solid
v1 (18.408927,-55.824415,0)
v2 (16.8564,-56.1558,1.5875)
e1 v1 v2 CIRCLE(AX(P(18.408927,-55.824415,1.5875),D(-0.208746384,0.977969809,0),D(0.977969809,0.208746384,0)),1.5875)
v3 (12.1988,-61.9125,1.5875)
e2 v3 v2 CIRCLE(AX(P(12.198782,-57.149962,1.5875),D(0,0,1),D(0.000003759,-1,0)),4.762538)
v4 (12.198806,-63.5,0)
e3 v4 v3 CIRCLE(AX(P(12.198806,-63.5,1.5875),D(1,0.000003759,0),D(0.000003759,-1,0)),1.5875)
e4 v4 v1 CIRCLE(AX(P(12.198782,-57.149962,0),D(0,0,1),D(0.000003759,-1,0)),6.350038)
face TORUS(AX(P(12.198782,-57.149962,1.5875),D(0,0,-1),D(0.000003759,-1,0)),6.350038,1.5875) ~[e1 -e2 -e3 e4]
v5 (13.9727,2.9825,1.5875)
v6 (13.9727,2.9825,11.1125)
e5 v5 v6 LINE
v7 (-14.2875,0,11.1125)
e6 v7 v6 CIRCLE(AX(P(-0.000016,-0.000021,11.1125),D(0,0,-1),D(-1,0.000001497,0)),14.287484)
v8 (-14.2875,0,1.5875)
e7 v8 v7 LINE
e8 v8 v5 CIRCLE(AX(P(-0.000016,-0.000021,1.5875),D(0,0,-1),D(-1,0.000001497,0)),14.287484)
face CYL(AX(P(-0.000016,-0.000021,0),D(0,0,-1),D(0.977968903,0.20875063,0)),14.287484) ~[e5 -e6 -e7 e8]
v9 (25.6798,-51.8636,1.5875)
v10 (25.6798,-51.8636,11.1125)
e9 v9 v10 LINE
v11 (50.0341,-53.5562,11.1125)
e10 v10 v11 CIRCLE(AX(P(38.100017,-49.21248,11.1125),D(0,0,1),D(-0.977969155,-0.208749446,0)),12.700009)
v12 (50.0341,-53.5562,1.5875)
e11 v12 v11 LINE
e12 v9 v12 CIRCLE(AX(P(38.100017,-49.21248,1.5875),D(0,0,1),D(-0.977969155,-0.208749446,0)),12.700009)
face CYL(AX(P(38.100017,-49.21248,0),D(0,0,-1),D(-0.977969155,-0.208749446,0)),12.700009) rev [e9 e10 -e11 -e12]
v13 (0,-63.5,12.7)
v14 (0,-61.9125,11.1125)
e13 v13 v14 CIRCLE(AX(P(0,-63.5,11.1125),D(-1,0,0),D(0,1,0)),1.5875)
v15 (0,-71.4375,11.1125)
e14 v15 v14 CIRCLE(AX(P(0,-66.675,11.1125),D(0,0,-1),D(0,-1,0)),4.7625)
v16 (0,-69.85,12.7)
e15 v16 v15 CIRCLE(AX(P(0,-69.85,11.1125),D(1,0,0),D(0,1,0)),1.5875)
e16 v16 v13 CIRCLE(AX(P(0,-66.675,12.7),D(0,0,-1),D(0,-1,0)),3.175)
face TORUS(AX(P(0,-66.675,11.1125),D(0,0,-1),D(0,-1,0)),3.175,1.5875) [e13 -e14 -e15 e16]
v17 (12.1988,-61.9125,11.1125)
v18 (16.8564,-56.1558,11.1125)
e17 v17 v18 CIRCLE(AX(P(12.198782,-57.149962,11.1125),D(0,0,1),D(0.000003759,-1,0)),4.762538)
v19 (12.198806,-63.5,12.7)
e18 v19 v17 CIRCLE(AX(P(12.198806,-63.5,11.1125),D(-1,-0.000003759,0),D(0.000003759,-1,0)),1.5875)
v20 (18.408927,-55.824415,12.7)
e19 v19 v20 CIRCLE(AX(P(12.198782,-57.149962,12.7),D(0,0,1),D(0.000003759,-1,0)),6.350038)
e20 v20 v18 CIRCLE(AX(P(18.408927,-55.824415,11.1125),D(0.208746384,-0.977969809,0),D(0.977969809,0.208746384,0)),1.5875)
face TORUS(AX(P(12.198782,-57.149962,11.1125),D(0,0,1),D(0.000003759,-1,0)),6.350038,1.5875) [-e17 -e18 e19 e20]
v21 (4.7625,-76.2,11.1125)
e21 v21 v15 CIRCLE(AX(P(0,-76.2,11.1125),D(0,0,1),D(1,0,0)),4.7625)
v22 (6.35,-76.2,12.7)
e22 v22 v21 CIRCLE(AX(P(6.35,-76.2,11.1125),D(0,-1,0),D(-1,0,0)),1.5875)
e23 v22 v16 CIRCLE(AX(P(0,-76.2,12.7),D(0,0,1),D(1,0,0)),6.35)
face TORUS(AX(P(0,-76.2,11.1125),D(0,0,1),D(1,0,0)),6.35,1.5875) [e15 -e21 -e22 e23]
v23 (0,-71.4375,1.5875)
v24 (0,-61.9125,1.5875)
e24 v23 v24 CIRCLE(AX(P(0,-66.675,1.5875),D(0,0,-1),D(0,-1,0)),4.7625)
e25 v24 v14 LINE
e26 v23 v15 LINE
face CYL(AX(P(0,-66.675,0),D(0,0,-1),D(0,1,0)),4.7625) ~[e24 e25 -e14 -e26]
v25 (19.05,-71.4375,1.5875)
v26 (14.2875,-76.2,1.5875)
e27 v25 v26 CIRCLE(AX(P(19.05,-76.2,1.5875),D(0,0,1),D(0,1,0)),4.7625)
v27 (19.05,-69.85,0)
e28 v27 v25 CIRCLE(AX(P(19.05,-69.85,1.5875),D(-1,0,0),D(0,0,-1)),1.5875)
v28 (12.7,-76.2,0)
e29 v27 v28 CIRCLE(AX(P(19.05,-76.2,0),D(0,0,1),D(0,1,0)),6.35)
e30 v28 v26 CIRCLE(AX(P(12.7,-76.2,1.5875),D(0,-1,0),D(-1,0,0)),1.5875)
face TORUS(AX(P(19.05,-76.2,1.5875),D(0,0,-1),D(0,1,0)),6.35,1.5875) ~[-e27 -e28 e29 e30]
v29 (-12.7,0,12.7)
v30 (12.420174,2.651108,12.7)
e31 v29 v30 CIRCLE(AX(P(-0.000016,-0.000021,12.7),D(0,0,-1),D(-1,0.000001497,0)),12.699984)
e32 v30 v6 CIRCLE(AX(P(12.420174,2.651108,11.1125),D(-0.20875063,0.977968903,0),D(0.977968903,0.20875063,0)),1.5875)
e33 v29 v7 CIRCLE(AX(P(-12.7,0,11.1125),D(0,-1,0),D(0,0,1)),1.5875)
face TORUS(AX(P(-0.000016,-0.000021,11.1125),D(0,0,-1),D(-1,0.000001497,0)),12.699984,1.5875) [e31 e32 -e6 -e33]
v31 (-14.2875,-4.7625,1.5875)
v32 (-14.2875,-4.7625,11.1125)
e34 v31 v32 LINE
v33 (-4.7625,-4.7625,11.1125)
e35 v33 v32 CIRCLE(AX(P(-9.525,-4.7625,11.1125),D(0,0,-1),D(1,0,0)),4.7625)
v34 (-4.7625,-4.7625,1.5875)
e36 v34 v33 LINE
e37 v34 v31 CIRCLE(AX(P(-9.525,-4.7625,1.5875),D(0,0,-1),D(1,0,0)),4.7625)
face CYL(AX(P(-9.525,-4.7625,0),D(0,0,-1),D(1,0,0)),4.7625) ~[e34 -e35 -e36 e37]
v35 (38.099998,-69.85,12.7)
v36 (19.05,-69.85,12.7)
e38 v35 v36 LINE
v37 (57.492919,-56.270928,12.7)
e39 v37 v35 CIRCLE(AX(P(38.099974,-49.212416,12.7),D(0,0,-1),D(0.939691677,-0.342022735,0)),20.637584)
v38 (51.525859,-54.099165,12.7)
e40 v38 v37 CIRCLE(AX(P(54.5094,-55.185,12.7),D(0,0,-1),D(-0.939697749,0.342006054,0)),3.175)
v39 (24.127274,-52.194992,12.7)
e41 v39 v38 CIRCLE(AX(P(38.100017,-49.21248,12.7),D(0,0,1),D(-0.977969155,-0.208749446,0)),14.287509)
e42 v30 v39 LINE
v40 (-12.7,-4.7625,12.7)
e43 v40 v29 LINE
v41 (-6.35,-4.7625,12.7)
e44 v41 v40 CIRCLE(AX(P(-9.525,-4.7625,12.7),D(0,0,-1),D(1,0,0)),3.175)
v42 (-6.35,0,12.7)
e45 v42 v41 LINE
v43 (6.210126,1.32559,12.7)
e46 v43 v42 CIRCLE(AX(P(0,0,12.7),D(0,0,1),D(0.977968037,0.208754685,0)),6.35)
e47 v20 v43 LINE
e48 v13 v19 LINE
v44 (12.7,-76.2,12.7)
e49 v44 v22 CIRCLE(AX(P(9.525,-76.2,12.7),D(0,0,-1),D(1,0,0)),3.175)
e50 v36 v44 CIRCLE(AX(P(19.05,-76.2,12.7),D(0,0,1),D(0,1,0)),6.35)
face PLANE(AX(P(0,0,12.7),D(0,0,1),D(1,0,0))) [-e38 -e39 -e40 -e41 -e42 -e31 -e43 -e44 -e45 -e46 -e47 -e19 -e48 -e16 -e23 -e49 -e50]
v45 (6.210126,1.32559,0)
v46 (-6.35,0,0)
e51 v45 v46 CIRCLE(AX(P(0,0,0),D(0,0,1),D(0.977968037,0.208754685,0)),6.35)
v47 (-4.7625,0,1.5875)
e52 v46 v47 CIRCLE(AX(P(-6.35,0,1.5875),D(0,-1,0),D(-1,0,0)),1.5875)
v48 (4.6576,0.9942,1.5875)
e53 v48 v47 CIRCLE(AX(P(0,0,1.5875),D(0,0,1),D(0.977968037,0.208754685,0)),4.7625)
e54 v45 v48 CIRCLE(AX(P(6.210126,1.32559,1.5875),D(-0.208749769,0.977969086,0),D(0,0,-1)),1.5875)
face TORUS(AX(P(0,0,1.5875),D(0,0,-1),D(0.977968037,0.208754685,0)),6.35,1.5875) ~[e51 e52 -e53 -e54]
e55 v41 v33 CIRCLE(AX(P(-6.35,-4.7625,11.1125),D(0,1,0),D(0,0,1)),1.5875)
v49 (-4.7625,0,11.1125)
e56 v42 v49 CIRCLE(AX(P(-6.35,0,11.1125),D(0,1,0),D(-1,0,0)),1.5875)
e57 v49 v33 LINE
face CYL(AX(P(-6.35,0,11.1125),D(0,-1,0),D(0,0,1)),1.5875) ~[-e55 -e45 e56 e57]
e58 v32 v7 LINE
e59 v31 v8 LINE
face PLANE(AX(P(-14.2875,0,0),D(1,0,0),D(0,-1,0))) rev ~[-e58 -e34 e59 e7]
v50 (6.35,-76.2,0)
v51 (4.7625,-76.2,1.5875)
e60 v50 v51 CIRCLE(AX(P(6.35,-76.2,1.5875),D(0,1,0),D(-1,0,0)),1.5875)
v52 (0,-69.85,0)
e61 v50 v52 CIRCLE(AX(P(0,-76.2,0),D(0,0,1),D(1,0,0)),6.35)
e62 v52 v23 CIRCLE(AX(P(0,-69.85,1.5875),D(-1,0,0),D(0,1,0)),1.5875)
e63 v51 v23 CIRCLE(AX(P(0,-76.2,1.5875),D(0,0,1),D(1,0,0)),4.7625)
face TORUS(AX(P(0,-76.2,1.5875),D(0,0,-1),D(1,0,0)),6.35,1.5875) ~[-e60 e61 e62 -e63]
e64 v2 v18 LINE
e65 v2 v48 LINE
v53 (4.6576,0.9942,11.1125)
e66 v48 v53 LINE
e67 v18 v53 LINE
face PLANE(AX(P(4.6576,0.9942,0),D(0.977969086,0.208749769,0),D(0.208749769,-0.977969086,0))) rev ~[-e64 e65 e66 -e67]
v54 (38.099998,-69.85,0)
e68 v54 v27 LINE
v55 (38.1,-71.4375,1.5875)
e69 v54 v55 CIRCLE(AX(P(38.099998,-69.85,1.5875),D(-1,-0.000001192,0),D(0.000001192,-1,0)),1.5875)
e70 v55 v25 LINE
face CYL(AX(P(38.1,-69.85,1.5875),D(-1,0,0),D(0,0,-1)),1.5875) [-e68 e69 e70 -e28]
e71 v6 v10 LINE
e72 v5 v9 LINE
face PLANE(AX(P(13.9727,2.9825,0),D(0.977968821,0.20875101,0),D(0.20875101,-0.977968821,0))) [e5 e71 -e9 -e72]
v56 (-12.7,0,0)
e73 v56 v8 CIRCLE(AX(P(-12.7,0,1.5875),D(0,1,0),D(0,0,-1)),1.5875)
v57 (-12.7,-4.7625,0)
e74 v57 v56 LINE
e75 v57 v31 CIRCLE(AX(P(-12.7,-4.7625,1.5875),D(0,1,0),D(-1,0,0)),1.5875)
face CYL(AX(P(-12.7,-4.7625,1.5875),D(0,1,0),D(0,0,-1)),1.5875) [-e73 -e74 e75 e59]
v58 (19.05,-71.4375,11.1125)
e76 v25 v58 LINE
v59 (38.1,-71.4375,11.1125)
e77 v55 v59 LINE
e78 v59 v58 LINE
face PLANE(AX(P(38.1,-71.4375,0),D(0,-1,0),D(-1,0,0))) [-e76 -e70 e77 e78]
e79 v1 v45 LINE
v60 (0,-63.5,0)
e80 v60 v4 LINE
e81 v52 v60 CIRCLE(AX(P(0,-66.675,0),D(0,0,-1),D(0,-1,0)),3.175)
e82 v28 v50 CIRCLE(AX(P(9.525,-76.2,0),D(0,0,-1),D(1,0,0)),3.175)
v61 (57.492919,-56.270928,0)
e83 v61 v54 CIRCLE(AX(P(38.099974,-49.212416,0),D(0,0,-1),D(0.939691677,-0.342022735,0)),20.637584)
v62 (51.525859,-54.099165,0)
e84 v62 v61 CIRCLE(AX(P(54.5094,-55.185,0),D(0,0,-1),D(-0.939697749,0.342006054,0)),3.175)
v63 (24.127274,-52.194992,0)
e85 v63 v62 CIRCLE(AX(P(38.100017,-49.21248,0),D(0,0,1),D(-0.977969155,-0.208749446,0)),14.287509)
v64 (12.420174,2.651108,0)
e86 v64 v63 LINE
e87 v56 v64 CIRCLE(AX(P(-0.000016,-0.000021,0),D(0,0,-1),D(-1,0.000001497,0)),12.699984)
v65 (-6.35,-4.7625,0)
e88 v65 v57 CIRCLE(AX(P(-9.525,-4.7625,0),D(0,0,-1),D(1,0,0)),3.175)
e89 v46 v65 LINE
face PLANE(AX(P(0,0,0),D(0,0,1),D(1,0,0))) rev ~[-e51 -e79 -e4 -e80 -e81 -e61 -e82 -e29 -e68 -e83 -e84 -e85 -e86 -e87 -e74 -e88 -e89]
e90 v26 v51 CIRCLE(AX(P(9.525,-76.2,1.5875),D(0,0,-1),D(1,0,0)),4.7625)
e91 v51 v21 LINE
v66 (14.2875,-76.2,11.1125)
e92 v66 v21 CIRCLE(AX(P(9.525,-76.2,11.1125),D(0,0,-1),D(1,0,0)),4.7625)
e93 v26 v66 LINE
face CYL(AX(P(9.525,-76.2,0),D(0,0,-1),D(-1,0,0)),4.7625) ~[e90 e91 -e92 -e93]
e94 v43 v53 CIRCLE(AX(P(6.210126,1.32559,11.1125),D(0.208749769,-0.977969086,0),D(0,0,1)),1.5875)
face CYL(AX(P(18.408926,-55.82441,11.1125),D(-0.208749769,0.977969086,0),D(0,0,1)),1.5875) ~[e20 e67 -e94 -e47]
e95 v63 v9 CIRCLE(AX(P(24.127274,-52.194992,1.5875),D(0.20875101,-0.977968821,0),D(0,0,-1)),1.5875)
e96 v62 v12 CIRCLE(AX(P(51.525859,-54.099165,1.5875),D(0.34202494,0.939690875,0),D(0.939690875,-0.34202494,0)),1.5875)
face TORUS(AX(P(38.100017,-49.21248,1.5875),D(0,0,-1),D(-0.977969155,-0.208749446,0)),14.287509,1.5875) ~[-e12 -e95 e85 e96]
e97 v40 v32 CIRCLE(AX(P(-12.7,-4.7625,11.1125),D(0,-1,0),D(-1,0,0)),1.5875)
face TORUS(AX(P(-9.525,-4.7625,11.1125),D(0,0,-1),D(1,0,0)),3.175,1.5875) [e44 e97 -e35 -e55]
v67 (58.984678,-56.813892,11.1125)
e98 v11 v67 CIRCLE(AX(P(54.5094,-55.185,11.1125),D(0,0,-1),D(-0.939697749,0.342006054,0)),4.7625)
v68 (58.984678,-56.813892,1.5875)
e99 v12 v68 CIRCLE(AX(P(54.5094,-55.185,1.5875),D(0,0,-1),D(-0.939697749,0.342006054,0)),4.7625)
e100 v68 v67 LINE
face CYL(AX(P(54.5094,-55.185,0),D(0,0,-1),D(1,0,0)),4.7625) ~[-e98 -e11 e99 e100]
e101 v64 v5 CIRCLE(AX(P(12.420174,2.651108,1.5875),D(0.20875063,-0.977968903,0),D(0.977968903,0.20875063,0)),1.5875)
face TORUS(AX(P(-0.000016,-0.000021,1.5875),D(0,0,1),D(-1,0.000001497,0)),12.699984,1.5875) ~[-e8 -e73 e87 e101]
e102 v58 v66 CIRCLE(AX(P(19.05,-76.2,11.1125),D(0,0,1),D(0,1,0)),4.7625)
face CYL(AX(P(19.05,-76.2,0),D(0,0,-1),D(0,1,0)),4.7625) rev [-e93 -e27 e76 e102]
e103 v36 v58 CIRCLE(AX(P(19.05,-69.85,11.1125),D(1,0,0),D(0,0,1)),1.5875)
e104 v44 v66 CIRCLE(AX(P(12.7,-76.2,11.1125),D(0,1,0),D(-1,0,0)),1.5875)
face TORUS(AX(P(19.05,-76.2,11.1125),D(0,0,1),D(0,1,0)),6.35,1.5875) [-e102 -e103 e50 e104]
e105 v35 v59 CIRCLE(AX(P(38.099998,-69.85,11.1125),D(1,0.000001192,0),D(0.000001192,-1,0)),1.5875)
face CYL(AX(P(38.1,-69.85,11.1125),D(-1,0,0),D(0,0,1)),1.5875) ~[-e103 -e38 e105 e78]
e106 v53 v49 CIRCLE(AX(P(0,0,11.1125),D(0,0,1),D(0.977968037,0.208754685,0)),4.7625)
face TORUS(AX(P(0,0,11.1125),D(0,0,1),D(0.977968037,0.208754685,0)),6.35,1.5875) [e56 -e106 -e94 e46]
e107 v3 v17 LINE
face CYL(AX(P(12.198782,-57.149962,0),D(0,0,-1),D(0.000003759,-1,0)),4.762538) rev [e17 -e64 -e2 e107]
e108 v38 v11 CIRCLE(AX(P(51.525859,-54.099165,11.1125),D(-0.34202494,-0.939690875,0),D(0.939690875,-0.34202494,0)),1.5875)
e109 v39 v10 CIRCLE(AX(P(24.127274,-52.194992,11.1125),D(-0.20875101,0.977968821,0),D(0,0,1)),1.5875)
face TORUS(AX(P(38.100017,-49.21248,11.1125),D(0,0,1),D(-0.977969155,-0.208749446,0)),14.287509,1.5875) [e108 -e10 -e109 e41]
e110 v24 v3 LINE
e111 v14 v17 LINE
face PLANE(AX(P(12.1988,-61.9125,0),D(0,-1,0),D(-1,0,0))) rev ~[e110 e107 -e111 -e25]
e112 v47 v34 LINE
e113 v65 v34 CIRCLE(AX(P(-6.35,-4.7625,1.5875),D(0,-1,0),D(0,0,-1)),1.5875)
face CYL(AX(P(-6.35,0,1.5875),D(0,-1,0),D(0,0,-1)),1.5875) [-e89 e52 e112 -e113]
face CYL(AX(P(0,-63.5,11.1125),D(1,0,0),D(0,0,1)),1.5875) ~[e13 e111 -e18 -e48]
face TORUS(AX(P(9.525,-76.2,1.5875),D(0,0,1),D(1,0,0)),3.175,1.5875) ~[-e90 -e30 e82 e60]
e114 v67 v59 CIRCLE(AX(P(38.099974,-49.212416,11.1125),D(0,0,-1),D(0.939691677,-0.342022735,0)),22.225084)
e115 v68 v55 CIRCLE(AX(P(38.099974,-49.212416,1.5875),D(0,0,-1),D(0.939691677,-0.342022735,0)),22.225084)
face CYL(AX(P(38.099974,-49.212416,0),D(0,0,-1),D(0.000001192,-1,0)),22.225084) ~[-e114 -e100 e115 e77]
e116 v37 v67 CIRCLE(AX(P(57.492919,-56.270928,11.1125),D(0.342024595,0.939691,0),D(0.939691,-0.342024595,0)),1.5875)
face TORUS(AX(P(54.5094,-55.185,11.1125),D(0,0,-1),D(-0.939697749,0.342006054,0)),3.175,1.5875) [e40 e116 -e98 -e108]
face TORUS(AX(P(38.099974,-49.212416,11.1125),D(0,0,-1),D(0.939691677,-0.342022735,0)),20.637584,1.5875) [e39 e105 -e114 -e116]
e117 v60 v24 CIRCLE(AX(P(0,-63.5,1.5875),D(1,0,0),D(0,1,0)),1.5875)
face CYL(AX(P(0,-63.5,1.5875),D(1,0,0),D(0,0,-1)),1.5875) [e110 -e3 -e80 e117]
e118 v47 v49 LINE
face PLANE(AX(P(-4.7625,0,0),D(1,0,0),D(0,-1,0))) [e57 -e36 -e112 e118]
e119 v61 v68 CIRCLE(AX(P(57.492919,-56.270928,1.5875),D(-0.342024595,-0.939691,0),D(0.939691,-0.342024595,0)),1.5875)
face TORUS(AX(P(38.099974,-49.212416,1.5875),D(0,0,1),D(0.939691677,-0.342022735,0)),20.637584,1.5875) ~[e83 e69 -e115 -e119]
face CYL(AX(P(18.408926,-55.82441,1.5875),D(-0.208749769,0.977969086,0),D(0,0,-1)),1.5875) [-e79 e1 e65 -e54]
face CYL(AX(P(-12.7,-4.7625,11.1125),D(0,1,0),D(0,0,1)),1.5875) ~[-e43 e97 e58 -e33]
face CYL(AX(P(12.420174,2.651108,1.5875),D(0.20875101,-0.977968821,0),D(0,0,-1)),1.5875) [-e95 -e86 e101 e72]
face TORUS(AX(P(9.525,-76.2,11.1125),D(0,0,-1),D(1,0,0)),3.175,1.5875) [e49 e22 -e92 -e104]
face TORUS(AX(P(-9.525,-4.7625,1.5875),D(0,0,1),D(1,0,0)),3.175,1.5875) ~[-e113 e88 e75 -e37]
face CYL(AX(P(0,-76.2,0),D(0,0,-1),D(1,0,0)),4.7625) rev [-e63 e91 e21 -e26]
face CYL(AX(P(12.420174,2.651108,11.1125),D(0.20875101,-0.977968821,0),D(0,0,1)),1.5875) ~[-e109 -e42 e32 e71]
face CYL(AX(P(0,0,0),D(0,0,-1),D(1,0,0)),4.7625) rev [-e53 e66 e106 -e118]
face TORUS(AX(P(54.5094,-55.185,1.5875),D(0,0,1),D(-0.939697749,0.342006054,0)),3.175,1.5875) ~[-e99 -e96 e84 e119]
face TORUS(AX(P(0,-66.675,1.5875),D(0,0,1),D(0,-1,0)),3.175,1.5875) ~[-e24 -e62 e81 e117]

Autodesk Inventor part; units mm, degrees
ref_plane "YZ Plane" through (0, 0, 0) normal (1, 0, 0) x (0, 1, 0)
ref_plane "XZ Plane" through (0, 0, 0) normal (0, 1, 0) x (-1, 0, 0)
ref_plane "XY Plane" through (0, 0, 0) normal (0, 0, 1) x (1, 0, 0)
sketch "Sketch1" plane through (0, 0, 0) normal (0, 0, 1) x (1, 0, 0)
  circle A0 centre (0, 0) radius 4.7625
  arc A1 (4.7625, -76.2) -> (0, -71.4375) centre (0, -76.2) ccw
  circle A2 centre (-9.525, -4.7625) radius 4.7625
  line L0 (-4.7625, 0) -> (-4.7625, -4.7625)
  line L1 (-14.2875, 0) -> (-14.2875, -4.7625)
  line L2 (-9.525, -4.7625) -> (0, -4.7625) construction
  circle A3 centre (0, 0) radius 14.2875 construction
  arc A4 (13.9727, 2.9825) -> (-14.2875, 0) centre (0, 0) ccw
  line L3 (13.9727, 2.9825) -> (25.6798, -51.8636)
  circle A5 centre (0, -76.2) radius 14.2875 construction
  circle A6 centre (38.1, -49.2125) radius 12.7 construction
  line L4 (38.1, -49.2125) -> (50.0341, -53.5562) construction
  line L5 (38.1, -49.2125) -> (25.4, -49.2125) construction
  circle A7 centre (54.5094, -55.185) radius 4.7625
  arc A8 (38.1, -71.4375) -> (58.9847, -56.8139) centre (38.1, -49.2125) ccw
  arc A9 (4.7625, -76.2) -> (14.2875, -76.2) centre (9.525, -76.2) ccw
  arc A10 (19.05, -71.4375) -> (14.2875, -76.2) centre (19.05, -76.2) ccw
  arc A11 (0, -61.9125) -> (0, -71.4375) centre (0, -66.675) ccw
  line L6 (-4.7625, 0) -> (-4.7625, -4.7625)
  line L7 (12.1988, -61.9125) -> (0, -61.9125)
  arc A12 (12.1988, -61.9125) -> (16.8564, -56.1558) centre (12.1988, -57.15) ccw
  line L8 (38.1, -71.4375) -> (19.05, -71.4375)
  arc A13 (25.6798, -51.8636) -> (50.0341, -53.5562) centre (38.1, -49.2125) ccw
  line L9 (25.4, 13.5278) -> (25.4, -4.2823) construction
  line L10 (4.6576, 0.9942) -> (16.8564, -56.1558)
  dimension "d0" = 9.525
  dimension "d7" = 76.2
  dimension "d10" = 160
  dimension "d12" = 38.1
  dimension "d13" = 25.4
  dimension "d17" = 25.4
extrude "Extrusion1" add sketch "Sketch1" along normal blind 12.7 contours A0 L0 A2 L1 A4 L3 A13 A7 A8 L8 A10 A9 A1 A11 L7 A12 L10 | A2 | A7
fillet "Fillet1" radius 1.5875 34 edges at (15.9013, -60.1456, 12.7) (6.0994, -61.9125, 12.7) (-4.7625, -66.675, 12.7) (3.3676, -72.8324, 12.7) (9.525, -80.9625, 12.7) (15.6824, -72.8324, 12.7) (28.575, -71.4375, 12.7) (50.8477, -67.4182, 12.7) (56.1383, -50.7097, 12.7) (37.2195, -61.8819, 12.7) (19.8263, -24.4406, 12.7) (-1.4995, 14.2086, 12.7) (-14.2875, -2.3813, 12.7) (-9.525, -9.525, 12.7) (-4.7625, -2.3813, 12.7) (-0.4998, 4.7362, 12.7) (10.757, -27.5808, 12.7) (15.9013, -60.1456, 0) (6.0994, -61.9125, 0) (-4.7625, -66.675, 0) (3.3676, -72.8324, 0) (9.525, -80.9625, 0) (15.6824, -72.8324, 0) (28.575, -71.4375, 0) (50.8477, -67.4182, 0) (56.1383, -50.7097, 0) (37.2195, -61.8819, 0) (19.8263, -24.4406, 0) (-1.4995, 14.2086, 0) (-14.2875, -2.3813, 0) (-9.525, -9.525, 0) (-4.7625, -2.3813, 0) (-0.4998, 4.7362, 0) (10.757, -27.5808, 0)
properties part number "BedDowelHookV2"
